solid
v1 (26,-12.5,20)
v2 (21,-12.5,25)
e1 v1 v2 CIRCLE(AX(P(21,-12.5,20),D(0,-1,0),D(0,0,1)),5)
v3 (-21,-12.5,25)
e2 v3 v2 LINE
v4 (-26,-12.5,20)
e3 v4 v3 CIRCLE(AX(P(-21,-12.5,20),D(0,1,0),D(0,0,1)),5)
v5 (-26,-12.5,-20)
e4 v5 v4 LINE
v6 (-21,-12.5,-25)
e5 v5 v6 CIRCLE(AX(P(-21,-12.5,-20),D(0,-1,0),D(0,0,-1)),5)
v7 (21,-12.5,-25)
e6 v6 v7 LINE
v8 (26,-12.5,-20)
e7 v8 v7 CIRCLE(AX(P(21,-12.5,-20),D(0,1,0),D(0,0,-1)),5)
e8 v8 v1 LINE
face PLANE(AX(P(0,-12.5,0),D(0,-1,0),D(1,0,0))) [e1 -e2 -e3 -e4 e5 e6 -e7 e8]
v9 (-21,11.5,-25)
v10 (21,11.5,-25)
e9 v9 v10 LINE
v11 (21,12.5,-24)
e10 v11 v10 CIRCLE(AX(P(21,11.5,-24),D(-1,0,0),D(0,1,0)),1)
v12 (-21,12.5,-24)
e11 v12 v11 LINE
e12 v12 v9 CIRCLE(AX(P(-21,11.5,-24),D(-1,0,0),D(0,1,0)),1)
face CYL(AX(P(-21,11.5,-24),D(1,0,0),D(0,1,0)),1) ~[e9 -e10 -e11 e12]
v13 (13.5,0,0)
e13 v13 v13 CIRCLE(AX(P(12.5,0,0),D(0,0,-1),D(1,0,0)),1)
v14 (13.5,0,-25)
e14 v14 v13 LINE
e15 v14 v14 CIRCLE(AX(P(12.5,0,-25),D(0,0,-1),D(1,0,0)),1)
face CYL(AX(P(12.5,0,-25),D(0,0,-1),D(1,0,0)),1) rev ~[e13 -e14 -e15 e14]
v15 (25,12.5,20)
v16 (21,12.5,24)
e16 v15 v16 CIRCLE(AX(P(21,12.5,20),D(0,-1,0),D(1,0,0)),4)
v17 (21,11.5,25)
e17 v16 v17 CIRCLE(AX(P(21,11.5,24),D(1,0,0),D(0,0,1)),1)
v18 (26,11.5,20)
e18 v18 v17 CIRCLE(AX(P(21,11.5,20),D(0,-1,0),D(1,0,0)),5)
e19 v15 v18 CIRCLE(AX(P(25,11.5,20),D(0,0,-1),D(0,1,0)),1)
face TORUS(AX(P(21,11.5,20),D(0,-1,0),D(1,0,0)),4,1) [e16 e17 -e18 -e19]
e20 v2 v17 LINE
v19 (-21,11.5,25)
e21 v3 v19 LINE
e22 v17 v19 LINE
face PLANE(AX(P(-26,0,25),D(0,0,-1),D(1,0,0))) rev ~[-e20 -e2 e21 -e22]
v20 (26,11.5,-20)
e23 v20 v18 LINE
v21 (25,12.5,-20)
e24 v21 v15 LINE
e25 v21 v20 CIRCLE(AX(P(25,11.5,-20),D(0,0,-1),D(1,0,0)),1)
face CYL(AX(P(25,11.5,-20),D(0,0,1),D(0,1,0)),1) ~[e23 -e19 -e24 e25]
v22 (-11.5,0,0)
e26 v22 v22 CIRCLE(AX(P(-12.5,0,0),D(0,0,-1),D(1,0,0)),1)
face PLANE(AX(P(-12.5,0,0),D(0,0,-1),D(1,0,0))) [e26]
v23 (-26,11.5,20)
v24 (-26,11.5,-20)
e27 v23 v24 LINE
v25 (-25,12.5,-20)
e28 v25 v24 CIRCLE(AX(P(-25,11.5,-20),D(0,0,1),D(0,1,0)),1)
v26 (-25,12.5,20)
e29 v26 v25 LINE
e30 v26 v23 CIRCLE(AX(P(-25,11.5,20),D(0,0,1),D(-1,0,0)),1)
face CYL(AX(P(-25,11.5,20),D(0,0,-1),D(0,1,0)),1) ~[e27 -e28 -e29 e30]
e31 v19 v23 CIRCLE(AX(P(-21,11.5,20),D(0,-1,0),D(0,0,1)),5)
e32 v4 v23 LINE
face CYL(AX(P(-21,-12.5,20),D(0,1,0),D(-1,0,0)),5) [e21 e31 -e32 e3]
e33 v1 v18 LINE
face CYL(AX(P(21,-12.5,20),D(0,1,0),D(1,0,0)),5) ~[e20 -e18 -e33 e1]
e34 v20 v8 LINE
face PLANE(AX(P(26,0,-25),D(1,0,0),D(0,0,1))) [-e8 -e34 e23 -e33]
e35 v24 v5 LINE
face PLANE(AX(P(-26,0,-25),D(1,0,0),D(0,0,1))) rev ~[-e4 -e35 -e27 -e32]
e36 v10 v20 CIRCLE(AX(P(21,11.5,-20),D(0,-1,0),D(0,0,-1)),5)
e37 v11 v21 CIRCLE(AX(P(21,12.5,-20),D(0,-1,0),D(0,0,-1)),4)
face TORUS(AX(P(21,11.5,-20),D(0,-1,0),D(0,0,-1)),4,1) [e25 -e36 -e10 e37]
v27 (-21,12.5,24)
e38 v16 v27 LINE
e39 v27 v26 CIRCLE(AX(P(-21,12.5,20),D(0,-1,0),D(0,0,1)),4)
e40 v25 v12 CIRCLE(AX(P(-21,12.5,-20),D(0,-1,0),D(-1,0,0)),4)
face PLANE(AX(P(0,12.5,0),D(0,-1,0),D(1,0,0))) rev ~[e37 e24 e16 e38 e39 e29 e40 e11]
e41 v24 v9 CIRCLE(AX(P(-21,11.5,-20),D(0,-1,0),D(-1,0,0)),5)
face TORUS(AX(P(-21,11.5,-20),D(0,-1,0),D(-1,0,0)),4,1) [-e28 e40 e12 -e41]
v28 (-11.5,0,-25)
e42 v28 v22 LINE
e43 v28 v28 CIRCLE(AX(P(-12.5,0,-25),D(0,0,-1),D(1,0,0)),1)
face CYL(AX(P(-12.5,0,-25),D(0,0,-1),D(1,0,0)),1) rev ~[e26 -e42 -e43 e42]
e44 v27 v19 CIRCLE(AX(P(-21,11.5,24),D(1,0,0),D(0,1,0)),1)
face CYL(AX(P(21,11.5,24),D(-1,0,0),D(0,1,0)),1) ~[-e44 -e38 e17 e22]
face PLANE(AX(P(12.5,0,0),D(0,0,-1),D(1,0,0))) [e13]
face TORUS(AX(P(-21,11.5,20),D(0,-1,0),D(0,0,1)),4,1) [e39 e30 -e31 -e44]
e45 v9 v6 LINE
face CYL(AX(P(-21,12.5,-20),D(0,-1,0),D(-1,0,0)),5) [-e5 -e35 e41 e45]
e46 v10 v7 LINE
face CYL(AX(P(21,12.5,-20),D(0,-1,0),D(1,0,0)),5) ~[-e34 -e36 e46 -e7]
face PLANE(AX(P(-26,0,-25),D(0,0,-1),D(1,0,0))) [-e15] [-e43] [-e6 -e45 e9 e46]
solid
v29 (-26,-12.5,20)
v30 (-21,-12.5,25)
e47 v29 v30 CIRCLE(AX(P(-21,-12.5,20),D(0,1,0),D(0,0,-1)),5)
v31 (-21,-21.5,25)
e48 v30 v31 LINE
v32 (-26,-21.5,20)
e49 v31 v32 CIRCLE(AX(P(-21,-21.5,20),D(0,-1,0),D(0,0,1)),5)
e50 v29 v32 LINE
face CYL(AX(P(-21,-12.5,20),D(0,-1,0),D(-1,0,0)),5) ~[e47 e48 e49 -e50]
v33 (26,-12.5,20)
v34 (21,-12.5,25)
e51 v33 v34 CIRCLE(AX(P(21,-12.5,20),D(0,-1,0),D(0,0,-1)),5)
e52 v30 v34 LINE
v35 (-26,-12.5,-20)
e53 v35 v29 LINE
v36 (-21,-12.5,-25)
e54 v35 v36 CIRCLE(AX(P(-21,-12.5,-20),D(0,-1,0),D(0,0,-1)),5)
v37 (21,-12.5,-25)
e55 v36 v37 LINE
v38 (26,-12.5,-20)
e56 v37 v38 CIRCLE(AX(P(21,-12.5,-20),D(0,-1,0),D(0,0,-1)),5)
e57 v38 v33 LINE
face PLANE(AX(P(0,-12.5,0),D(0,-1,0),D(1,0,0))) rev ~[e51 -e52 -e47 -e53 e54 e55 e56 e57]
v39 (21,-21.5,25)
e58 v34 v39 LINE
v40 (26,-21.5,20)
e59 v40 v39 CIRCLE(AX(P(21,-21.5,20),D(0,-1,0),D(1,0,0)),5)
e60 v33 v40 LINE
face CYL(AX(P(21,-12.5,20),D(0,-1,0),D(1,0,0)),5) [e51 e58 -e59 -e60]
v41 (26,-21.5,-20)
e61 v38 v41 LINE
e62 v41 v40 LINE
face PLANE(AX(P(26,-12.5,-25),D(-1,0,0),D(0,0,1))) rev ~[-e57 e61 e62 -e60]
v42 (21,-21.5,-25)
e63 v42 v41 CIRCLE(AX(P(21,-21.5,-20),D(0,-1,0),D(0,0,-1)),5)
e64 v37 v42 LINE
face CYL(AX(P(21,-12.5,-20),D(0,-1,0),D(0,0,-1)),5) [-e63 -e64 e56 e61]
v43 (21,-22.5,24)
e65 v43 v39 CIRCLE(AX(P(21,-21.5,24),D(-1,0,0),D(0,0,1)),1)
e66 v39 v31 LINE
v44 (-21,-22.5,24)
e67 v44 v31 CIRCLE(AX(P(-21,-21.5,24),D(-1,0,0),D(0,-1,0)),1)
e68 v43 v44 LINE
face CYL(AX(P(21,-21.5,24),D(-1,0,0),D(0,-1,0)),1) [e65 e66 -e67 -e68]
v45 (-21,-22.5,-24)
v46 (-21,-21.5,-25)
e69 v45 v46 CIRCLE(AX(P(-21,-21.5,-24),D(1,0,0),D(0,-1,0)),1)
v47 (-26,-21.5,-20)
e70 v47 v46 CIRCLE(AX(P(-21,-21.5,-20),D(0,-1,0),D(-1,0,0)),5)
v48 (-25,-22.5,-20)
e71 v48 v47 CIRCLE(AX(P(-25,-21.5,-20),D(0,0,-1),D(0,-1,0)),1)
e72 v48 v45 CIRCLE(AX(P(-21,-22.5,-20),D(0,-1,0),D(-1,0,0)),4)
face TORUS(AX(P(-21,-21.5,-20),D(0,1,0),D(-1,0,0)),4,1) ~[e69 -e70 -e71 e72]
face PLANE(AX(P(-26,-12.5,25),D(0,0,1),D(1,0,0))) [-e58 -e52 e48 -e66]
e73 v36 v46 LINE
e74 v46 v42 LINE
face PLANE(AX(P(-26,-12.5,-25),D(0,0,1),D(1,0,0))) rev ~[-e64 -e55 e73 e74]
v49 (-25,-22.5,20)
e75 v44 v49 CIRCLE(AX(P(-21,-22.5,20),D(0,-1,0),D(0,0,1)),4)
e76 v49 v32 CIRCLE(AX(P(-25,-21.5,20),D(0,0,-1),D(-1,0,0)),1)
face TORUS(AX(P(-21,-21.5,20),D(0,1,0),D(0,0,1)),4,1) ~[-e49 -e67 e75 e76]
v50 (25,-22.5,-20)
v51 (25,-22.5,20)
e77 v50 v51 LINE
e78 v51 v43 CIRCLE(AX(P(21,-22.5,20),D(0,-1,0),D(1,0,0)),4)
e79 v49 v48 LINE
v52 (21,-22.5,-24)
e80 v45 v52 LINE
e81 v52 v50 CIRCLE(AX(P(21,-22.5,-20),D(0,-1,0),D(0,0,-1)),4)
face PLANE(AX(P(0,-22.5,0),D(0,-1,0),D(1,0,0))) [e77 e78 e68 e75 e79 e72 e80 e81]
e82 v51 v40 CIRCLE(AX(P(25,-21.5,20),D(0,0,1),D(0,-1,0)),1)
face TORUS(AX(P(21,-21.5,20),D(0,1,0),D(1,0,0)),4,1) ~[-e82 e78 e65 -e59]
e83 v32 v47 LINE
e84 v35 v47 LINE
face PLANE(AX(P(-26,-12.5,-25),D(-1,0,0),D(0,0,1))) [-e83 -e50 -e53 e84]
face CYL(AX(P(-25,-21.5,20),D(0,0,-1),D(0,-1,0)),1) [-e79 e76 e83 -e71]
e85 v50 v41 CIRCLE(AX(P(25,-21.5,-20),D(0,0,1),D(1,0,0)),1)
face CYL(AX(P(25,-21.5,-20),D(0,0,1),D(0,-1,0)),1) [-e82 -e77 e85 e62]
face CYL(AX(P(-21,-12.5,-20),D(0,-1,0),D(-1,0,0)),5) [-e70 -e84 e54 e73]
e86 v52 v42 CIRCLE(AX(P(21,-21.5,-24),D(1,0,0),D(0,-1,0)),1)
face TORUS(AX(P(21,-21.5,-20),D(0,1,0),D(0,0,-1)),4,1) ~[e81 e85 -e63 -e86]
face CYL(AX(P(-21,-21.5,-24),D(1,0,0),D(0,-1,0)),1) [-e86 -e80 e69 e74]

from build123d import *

# Parameters (mm, degrees)
F0_W     = 52
F0_H     = 50
F1_DEPTH = 12.5
F2_DEPTH = 10
F3_R     = 5
F3_2_R   = 5
F4_R     = 1
F4_2_R   = 1
F5_R     = 1
F6_DEPTH = 25


with BuildPart() as f1:
    # F0 (on Front) → F1 (new body, symmetric)
    with BuildSketch(Plane.XZ):
        Rectangle(F0_W, F0_H)
    extrude(amount=F1_DEPTH, both=True)


with BuildPart() as f2:
    # F2 (new): a face of the model
    f2_faces = [f1.part.faces().sort_by_distance(p)[0] for p in [
        (0, -12.5, 0),
    ]]
    extrude(f2_faces, amount=F2_DEPTH)

    # F3#2
    f3_2_edges = [f2.edges().sort_by_distance(p)[0] for p in [
        (26, -17.5, 25),
        (26, -17.5, -25),
        (-26, -17.5, 25),
        (-26, -17.5, -25),
    ]]
    fillet(f3_2_edges, radius=F3_2_R)

    # F4#2
    f4_2_edges = [f2.edges().sort_by_distance(p)[0] for p in [
        (0, -22.5, -25),
        (-24.535534, -22.5, -23.535534),
        (24.535534, -22.5, -23.535534),
        (-26, -22.5, 0),
        (26, -22.5, 0),
        (-24.535534, -22.5, 23.535534),
        (24.535534, -22.5, 23.535534),
        (0, -22.5, 25),
    ]]
    fillet(f4_2_edges, radius=F4_2_R)


with BuildPart() as f1_1:
    add(f1.part)

    # F3
    f3_edges = [f1_1.edges().sort_by_distance(p)[0] for p in [
        (26, 0, 25),
        (-26, 0, 25),
        (26, 0, -25),
        (-26, 0, -25),
    ]]
    fillet(f3_edges, radius=F3_R)

    # F4
    f4_edges = [f1_1.edges().sort_by_distance(p)[0] for p in [
        (0, 12.5, -25),
        (-24.535534, 12.5, -23.535534),
        (24.535534, 12.5, -23.535534),
        (-26, 12.5, 0),
        (26, 12.5, 0),
        (-24.535534, 12.5, 23.535534),
        (24.535534, 12.5, 23.535534),
        (0, 12.5, 25),
    ]]
    fillet(f4_edges, radius=F4_R)

    # F5 (on face) → F6 (cut)
    with BuildSketch(Plane(origin=(0, 0, -25), x_dir=(1, 0, 0), z_dir=(0, 0, -1))):
        with Locations((-12.5, 0)):
            Circle(F5_R)
        with Locations((12.5, 0)):
            Circle(F5_R)
    extrude(amount=-F6_DEPTH, mode=Mode.SUBTRACT)


solid = Compound([f2.part, f1_1.part])
